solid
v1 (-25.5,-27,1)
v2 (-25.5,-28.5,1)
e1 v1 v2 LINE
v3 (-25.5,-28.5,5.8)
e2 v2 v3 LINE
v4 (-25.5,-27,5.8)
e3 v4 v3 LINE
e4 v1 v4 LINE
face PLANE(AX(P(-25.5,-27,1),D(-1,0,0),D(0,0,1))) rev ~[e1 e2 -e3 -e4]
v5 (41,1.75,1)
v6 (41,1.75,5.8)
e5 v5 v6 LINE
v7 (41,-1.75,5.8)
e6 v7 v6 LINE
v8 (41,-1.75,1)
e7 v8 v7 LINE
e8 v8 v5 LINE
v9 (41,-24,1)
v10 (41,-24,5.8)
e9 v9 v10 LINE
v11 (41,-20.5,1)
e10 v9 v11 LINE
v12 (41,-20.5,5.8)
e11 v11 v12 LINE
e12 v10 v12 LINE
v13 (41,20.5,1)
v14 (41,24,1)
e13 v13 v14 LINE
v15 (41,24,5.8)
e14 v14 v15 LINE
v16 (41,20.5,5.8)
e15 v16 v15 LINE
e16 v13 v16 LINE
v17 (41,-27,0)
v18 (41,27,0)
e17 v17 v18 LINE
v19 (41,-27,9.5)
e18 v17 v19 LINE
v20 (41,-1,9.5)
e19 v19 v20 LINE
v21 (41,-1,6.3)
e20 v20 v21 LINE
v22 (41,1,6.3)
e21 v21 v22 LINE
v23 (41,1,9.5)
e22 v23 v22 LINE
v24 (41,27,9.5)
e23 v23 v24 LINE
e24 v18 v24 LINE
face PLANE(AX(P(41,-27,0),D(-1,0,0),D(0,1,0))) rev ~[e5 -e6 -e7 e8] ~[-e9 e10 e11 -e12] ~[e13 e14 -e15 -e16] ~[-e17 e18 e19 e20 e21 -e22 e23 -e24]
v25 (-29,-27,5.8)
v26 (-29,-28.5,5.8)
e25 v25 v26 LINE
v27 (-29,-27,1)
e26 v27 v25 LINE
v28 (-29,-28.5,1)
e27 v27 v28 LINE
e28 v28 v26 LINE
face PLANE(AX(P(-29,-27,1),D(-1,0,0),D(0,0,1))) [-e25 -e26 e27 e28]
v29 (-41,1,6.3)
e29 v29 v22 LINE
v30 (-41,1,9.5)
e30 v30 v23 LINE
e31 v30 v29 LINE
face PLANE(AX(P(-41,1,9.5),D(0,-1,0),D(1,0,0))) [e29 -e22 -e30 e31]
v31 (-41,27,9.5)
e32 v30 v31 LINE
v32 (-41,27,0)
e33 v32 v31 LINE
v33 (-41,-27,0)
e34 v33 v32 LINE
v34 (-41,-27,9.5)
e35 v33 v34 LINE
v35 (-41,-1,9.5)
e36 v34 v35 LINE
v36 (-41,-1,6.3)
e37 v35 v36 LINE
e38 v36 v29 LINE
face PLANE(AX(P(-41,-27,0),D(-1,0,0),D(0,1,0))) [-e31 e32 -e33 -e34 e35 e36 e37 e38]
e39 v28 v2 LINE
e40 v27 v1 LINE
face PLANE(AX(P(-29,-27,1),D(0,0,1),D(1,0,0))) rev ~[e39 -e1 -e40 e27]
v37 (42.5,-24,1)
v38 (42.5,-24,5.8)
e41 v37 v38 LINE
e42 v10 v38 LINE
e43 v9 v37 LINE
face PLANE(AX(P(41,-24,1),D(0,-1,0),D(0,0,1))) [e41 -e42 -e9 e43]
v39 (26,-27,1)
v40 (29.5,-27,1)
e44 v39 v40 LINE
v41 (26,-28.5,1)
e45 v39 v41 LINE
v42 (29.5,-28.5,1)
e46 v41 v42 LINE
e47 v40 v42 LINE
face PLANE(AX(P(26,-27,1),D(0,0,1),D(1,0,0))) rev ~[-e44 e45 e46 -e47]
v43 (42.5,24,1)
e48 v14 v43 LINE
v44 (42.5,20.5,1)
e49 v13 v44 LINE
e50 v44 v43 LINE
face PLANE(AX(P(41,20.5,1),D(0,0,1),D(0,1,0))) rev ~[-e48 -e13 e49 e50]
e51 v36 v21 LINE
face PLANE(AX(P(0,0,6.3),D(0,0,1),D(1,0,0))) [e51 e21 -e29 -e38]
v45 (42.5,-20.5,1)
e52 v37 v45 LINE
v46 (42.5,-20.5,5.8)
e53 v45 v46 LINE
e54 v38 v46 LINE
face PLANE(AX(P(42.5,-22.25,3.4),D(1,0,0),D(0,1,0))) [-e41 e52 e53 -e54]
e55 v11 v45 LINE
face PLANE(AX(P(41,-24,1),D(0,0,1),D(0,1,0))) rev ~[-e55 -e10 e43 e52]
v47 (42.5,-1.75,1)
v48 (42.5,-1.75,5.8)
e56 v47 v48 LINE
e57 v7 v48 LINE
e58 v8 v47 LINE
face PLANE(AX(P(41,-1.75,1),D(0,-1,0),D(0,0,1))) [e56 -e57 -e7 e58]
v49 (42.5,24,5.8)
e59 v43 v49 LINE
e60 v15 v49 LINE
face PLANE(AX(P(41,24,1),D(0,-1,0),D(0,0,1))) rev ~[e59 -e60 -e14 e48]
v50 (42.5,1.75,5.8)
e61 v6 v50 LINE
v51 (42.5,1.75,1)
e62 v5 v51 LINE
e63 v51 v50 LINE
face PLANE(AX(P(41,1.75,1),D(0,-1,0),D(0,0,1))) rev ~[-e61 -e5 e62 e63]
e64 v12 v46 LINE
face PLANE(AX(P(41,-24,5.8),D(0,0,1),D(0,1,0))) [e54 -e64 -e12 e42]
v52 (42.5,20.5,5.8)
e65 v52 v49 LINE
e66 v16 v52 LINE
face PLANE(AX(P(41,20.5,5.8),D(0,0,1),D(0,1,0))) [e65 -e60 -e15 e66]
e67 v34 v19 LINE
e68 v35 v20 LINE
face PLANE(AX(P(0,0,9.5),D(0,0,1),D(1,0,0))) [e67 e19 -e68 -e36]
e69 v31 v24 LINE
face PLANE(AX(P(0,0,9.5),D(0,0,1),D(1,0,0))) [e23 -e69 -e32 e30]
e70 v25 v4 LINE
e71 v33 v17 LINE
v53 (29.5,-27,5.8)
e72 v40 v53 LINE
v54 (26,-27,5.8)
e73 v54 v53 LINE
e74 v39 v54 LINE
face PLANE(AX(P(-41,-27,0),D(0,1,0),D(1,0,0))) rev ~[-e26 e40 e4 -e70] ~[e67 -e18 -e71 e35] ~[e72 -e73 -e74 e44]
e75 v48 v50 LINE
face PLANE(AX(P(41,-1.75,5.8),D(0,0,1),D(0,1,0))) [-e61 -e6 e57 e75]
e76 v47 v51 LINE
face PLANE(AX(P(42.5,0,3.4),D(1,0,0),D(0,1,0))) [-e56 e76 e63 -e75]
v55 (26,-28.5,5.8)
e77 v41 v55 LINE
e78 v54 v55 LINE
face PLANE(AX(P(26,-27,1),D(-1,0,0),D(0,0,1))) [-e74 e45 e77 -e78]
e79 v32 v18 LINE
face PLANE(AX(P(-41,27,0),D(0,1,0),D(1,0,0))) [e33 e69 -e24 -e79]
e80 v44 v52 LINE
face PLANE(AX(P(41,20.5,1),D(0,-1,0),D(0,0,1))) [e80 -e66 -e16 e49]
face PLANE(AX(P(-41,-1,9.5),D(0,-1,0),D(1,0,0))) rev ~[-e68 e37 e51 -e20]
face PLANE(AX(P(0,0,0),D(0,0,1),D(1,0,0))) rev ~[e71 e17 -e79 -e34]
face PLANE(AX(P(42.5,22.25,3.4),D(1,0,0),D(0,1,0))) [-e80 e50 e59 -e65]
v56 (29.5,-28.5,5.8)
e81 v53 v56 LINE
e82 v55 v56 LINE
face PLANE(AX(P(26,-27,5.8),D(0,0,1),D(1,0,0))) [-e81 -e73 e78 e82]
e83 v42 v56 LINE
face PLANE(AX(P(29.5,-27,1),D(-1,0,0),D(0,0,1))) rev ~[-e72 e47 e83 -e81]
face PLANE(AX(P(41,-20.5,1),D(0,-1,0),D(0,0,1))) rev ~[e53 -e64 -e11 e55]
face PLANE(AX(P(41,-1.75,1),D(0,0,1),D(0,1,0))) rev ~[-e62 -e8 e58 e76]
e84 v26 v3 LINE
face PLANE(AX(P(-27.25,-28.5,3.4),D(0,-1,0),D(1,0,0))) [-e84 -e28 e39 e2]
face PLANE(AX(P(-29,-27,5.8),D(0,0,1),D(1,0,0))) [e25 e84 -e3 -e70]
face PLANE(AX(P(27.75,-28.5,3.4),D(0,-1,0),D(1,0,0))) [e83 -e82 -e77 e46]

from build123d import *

# Parameters (mm, degrees)
F0_W     = 82
F0_H     = 54
F1_DEPTH = 9.5
F2_W     = 82
F2_H     = 2
F3_DEPTH = 3.2
F4_W     = 3.5
F4_H     = 4.8
F6_DEPTH = 1.5
F5_W     = 3.5
F5_H     = 4.8
F7_DEPTH = 1.5


with BuildPart() as f1:
    # F0 (on Top) → F1 (new body)
    with BuildSketch(Plane.XY):
        Rectangle(F0_W, F0_H)
    extrude(amount=F1_DEPTH)

    # F2 (on face) → F3 (cut)
    with BuildSketch(Plane.XY.offset(9.5)):
        Rectangle(F2_W, F2_H)
    extrude(amount=-F3_DEPTH, mode=Mode.SUBTRACT)

    # F4 (on face) → F6 (join)
    with BuildSketch(Plane.XZ.offset(27)):
        with Locations((27.75, 3.4)):
            Rectangle(F4_W, F4_H)
        with Locations((-27.25, 3.4)):
            Rectangle(F4_W, F4_H)
    extrude(amount=F6_DEPTH)

    # F5 (on face) → F7 (join)
    with BuildSketch(Plane.YZ.offset(41)):
        with Locations((-22.25, 3.4)):
            Rectangle(F5_W, F5_H)
        with Locations((0, 3.4)):
            Rectangle(F5_W, F5_H)
        with Locations((22.25, 3.4)):
            Rectangle(F5_W, F5_H)
    extrude(amount=F7_DEPTH)


solid = f1.part
